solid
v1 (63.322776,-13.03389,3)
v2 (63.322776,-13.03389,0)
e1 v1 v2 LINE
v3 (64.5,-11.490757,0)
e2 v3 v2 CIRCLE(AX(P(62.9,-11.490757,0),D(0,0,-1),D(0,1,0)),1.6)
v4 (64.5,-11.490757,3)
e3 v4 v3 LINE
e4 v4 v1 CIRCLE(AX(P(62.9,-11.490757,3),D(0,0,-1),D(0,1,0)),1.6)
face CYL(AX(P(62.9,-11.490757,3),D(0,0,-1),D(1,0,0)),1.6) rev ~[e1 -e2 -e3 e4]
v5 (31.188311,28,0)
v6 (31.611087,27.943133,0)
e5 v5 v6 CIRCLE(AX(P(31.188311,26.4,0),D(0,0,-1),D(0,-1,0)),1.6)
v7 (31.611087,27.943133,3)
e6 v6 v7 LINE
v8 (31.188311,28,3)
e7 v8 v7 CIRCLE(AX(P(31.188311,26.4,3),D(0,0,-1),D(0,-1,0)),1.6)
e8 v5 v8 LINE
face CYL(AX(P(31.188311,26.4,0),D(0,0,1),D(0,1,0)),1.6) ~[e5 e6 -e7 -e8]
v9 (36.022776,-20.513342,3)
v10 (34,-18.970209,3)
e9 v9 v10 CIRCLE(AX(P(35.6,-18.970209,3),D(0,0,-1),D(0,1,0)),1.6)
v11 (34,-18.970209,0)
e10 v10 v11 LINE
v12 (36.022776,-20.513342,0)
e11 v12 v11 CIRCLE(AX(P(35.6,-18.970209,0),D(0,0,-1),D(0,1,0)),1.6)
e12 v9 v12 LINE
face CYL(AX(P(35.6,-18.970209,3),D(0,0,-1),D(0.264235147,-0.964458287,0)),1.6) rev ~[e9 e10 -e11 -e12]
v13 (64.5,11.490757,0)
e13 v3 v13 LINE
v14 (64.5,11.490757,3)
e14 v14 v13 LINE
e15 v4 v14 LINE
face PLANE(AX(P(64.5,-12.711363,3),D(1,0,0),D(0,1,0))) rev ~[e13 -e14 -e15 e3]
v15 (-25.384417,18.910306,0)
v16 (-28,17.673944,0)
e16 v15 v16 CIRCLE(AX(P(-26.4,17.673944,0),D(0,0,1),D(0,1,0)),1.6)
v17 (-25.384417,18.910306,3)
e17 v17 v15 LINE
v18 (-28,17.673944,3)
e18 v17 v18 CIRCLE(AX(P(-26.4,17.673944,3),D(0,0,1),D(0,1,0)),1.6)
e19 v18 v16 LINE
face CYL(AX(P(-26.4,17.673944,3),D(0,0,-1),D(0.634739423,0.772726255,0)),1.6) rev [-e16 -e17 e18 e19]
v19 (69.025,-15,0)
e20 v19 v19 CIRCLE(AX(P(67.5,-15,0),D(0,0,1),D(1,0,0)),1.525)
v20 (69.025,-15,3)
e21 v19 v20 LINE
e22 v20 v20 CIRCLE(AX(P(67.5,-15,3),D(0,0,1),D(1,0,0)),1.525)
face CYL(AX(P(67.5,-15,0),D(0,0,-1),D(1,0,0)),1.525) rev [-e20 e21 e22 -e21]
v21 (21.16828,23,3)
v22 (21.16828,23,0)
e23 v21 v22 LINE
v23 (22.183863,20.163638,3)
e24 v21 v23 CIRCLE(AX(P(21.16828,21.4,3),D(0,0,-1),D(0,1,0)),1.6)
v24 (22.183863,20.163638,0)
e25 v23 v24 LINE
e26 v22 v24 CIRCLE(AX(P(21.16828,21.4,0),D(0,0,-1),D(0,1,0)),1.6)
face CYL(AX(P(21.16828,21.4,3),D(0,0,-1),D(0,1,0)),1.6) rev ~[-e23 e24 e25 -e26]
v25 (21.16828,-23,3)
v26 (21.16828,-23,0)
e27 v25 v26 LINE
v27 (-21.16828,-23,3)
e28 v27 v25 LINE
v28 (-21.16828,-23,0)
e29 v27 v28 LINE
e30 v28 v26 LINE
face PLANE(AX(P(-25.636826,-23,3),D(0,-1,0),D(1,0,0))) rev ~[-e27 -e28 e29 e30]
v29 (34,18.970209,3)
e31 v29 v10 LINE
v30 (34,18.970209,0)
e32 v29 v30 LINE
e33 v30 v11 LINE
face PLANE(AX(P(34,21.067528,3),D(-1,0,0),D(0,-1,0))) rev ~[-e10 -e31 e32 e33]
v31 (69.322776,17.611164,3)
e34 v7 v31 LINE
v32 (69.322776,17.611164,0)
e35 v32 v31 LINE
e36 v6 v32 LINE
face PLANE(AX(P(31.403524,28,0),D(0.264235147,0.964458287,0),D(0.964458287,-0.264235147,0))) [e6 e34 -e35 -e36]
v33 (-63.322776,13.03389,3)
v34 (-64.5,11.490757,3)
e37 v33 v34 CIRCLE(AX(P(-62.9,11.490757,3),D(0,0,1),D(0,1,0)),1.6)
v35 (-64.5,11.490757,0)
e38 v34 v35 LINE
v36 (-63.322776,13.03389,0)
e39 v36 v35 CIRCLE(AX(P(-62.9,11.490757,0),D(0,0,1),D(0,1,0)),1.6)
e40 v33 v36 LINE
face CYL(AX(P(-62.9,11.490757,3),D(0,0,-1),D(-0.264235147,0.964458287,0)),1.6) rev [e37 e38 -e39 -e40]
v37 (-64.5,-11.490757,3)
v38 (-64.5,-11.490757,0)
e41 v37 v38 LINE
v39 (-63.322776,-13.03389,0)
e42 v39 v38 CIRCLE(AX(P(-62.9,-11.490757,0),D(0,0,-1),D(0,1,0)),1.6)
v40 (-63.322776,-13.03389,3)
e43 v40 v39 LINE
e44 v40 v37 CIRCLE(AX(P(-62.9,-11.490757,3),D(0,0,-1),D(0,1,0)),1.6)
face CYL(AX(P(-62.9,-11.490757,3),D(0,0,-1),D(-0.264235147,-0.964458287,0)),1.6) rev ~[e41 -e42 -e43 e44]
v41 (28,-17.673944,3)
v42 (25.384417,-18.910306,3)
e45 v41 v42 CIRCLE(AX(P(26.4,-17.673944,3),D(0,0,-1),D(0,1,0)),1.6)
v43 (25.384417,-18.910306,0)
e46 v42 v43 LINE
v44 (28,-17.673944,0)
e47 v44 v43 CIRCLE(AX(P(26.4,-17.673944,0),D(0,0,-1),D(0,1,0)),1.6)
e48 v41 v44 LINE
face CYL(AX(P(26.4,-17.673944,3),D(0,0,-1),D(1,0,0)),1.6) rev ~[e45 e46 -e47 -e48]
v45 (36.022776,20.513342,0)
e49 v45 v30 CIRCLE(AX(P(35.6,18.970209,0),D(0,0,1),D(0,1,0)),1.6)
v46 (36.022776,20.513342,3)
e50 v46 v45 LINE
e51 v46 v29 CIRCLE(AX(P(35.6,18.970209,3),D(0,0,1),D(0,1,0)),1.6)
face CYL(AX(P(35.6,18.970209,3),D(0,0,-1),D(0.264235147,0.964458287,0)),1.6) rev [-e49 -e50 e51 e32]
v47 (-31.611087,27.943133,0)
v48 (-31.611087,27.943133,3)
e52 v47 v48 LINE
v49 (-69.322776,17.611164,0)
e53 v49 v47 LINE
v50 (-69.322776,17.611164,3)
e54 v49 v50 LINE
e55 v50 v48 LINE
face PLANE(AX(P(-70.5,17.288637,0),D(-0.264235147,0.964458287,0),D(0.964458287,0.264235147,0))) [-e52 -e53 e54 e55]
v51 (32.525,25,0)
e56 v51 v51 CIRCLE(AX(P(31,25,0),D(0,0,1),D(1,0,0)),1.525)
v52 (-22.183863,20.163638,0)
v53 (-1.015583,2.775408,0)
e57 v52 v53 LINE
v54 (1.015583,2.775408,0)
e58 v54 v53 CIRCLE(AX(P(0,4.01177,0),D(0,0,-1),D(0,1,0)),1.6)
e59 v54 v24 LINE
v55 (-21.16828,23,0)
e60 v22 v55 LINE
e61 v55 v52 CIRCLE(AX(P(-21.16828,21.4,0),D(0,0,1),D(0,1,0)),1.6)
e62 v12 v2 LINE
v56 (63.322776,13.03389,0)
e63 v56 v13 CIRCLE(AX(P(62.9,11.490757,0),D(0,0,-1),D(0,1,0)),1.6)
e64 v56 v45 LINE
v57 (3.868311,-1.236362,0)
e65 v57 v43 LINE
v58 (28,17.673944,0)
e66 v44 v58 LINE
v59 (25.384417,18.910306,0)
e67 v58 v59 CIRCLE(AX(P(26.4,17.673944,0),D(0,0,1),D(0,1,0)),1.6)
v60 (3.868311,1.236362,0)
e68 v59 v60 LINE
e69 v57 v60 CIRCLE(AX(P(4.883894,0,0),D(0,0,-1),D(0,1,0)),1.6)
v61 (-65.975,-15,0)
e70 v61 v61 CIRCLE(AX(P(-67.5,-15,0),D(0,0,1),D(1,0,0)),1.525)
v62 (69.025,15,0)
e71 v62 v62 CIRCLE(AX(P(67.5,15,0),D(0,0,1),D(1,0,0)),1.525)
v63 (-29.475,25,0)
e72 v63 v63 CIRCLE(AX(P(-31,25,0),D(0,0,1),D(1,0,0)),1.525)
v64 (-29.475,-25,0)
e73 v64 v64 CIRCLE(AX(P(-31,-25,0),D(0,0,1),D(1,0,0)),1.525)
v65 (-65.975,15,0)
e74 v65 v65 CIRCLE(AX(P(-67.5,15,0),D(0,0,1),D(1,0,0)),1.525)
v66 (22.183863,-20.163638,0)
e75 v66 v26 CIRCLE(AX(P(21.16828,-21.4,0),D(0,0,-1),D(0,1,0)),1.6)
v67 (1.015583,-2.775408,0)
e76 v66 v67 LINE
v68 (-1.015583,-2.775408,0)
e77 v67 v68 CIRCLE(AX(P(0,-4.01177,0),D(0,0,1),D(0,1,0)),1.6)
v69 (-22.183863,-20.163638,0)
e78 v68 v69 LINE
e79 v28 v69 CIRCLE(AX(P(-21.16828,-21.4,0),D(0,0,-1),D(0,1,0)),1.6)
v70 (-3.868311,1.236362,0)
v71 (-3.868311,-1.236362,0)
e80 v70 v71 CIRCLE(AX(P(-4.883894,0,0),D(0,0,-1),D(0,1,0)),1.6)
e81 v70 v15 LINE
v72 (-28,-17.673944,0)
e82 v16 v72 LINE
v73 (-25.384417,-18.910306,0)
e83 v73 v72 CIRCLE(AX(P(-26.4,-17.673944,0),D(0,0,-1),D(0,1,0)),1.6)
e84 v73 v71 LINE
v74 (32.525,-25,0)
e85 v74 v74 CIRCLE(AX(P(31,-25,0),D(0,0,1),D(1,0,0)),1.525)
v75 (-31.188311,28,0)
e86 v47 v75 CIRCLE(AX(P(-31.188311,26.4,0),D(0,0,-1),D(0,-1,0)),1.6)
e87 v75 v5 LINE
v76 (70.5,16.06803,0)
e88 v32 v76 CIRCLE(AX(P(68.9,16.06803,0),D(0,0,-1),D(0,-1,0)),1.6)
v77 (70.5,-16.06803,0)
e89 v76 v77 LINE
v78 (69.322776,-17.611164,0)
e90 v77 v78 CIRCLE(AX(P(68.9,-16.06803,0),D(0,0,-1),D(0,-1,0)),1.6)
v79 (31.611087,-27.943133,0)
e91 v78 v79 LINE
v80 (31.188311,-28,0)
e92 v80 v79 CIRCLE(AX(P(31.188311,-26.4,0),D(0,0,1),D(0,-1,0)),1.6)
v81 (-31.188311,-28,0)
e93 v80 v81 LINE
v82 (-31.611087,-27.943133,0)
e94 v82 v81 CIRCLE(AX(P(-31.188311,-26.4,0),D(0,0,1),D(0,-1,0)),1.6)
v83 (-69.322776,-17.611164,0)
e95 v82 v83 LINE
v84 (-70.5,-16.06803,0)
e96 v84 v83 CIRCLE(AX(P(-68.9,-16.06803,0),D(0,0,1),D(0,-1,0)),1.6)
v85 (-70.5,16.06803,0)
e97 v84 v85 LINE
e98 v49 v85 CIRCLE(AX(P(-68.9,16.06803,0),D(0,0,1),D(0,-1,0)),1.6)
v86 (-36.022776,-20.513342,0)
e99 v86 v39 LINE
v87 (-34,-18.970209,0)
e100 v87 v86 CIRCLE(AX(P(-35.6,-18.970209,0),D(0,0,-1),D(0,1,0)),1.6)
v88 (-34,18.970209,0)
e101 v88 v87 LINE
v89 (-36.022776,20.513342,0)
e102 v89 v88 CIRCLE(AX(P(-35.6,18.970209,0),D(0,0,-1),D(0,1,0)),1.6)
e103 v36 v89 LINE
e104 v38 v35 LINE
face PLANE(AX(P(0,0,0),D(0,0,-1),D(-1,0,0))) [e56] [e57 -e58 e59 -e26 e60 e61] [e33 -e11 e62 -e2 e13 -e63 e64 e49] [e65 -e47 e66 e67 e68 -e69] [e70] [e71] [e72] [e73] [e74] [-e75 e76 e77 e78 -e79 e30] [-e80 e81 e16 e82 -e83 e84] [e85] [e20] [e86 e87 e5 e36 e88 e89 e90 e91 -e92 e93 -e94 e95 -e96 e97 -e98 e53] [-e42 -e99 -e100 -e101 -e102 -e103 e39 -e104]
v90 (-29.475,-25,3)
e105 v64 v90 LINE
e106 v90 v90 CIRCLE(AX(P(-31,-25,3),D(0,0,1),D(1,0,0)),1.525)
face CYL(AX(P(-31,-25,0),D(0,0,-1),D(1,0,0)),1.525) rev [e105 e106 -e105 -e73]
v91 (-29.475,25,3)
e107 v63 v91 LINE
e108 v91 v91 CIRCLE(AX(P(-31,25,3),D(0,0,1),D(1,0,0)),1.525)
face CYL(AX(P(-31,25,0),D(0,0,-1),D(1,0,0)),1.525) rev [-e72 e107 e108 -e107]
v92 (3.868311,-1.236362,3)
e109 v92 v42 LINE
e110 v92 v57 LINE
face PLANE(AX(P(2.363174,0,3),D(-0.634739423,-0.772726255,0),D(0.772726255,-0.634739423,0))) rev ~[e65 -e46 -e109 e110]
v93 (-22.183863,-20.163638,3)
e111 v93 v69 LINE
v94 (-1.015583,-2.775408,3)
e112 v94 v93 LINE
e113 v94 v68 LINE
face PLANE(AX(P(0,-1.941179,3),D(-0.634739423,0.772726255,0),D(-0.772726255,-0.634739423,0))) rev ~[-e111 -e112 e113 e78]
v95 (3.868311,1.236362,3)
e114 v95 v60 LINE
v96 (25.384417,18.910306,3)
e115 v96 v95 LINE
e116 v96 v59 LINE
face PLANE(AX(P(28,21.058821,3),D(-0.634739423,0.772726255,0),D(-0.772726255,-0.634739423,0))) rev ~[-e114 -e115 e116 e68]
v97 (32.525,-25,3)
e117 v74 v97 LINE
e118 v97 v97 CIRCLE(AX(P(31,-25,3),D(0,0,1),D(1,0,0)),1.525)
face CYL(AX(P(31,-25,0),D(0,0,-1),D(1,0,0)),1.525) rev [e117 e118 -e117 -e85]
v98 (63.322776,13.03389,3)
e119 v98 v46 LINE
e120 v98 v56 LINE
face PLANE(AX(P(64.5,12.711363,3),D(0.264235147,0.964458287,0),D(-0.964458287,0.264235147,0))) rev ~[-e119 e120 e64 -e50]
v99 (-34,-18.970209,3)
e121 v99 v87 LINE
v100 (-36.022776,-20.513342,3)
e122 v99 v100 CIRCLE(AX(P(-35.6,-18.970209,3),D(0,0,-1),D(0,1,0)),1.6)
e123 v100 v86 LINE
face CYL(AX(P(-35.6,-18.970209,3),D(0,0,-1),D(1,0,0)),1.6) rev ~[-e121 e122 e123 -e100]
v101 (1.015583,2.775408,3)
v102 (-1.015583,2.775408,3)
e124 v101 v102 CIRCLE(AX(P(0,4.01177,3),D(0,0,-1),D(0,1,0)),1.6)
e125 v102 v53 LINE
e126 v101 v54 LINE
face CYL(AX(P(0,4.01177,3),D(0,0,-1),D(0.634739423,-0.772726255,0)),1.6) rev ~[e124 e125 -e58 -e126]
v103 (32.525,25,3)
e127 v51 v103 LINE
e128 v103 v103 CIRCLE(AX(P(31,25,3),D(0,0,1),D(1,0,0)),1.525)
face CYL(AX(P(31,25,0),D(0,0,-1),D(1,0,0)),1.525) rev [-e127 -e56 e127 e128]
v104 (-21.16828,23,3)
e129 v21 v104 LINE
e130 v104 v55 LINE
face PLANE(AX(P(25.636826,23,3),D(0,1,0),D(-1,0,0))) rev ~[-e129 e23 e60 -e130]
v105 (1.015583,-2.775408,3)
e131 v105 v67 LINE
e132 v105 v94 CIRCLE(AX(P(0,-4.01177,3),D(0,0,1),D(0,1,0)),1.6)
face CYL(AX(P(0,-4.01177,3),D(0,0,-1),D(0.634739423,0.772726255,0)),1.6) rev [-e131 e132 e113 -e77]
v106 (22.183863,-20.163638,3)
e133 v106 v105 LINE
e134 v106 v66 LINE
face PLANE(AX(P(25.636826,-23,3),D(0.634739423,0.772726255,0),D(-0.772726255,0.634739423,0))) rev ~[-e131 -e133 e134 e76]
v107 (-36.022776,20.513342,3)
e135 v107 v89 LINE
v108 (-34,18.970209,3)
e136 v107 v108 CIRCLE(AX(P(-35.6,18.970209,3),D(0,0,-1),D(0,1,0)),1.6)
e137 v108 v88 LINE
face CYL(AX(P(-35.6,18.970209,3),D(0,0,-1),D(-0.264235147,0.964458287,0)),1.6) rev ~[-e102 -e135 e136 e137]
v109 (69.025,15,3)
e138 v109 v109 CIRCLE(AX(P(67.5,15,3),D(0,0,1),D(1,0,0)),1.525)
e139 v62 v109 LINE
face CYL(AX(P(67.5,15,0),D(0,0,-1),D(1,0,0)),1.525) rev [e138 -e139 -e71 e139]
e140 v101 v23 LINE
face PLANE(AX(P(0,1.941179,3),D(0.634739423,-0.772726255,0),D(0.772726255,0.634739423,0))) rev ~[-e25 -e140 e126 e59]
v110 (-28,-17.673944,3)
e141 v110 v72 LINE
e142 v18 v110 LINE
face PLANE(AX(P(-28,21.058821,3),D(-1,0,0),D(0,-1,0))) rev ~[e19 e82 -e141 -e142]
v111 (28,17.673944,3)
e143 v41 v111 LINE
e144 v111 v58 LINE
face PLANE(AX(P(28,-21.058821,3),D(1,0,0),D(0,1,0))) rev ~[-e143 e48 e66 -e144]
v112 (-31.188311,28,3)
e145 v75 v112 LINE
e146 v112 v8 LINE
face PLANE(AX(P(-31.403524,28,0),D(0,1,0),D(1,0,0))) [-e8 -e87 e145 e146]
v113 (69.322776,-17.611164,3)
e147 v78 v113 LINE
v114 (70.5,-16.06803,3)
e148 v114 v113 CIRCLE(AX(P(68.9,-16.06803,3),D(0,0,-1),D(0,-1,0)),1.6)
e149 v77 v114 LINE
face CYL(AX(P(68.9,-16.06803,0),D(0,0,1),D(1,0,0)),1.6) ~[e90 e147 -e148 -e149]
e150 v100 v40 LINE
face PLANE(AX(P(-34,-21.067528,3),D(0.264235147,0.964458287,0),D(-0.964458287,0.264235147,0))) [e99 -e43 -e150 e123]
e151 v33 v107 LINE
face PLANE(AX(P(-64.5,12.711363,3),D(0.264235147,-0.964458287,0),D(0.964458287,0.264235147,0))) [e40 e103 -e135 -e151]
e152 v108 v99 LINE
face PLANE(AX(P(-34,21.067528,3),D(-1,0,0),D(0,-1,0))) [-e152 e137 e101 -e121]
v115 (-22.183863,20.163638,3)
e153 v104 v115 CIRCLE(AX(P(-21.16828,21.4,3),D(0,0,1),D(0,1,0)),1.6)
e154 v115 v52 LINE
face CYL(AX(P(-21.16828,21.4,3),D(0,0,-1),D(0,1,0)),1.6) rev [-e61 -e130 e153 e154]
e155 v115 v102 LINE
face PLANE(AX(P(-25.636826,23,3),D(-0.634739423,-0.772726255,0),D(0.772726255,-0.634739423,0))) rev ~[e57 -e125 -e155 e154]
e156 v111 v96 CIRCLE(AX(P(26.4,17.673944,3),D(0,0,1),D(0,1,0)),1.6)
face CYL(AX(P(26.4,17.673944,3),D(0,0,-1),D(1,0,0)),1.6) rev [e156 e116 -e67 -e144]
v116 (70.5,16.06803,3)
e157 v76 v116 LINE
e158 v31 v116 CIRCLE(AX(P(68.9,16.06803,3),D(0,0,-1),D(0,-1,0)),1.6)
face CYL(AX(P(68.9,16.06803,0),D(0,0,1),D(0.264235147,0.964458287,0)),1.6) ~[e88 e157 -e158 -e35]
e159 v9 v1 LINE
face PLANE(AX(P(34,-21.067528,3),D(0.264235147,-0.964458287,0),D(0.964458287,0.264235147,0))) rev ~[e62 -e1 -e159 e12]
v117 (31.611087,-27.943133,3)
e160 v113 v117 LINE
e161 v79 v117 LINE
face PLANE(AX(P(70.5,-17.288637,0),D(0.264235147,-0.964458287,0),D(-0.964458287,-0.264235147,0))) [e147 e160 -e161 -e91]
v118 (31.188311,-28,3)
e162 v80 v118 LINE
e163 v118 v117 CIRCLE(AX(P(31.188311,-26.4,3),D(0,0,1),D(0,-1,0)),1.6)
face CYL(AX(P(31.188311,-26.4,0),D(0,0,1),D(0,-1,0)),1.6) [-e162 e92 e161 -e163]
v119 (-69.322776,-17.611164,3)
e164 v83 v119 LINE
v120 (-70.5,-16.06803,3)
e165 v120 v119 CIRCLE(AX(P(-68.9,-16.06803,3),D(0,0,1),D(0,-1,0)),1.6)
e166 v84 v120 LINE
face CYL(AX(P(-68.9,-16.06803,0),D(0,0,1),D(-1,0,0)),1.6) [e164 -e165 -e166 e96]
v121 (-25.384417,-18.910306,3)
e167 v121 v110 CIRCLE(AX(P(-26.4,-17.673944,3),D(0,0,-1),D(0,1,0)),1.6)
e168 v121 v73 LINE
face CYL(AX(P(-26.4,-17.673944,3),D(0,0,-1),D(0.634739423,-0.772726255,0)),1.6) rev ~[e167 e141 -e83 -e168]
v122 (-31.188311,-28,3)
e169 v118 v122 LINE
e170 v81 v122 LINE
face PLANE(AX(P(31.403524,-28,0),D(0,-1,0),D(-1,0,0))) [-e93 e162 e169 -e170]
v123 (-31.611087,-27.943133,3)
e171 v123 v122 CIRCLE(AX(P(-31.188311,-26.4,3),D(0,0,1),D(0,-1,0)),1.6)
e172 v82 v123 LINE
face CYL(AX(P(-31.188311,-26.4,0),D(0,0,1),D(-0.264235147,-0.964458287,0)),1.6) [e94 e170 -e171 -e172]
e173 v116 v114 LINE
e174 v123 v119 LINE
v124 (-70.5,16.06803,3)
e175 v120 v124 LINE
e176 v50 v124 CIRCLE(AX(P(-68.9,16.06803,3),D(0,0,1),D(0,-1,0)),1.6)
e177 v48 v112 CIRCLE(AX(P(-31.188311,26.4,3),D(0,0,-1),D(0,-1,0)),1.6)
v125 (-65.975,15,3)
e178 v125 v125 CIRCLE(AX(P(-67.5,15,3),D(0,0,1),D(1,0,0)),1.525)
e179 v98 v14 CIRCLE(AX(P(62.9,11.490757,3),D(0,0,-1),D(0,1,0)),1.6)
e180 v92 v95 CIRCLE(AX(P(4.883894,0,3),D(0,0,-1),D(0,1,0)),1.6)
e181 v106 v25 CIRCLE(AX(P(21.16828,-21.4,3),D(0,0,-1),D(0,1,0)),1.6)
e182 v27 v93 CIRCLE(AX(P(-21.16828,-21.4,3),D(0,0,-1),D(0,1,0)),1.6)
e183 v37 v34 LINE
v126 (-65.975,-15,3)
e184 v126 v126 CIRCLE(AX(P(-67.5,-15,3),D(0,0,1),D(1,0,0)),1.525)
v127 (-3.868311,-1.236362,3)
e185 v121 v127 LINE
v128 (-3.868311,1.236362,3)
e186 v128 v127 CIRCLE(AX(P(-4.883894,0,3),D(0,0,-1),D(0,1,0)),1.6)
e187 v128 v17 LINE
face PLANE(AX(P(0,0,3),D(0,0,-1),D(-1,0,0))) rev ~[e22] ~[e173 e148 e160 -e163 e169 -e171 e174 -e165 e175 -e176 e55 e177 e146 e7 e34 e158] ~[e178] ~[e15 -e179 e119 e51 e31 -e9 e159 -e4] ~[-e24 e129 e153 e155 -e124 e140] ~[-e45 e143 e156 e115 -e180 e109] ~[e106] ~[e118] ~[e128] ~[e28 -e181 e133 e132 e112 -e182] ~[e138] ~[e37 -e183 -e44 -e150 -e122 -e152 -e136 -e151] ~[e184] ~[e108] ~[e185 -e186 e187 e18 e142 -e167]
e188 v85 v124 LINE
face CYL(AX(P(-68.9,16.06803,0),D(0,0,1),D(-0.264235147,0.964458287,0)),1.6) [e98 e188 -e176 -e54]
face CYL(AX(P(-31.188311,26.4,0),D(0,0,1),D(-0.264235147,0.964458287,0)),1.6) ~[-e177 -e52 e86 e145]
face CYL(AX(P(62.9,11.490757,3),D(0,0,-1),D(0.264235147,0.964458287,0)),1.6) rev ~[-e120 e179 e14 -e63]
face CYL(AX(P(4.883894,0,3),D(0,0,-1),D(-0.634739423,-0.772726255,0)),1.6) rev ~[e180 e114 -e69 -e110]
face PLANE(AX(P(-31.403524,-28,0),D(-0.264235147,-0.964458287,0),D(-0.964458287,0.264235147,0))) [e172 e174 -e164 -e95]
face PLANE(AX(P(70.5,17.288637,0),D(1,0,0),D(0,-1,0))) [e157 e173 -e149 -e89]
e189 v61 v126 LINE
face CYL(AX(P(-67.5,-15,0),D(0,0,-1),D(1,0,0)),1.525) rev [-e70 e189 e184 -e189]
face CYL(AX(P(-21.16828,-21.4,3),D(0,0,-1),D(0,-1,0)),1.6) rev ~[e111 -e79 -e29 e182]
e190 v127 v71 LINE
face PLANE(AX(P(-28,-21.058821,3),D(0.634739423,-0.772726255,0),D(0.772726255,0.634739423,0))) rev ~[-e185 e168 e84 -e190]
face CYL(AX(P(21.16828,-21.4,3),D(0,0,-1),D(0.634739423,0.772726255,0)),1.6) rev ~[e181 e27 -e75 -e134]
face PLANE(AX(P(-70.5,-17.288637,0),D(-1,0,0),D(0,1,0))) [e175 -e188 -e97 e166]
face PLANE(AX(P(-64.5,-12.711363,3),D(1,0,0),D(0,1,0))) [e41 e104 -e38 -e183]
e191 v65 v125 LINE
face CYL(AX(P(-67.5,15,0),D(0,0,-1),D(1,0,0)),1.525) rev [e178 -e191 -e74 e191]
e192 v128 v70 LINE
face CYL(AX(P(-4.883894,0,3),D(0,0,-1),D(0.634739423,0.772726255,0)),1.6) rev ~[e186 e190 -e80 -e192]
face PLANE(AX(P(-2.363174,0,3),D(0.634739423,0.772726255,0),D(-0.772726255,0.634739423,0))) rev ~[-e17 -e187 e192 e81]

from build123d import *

# Parameters (mm, degrees)
SKETCH_1_R          = 1.525
EXTRUDE_1_DEPTH     = 3
CUT_EXTRUDE_1_DEPTH = 3
CUT_EXTRUDE_2_DEPTH = 3
FILLET_1_R          = 1.6


with BuildPart() as part:
    # 草图1 → 凸台-拉伸1 (new body)
    with BuildSketch(Plane.XY):
        Polygon((-70.5, 17.288636625), (-31.403523682, 28), (31.403523682, 28), (70.5, 17.288636625), (70.5, -17.288636625), (31.403523682, -28), (-31.403523682, -28), (-70.5, -17.288636625), align=None)
        with Locations((31, 25)):
            Circle(SKETCH_1_R, mode=Mode.SUBTRACT)
        with Locations((-31, 25)):
            Circle(SKETCH_1_R, mode=Mode.SUBTRACT)
        with Locations((-31, -25)):
            Circle(SKETCH_1_R, mode=Mode.SUBTRACT)
        with Locations((31, -25)):
            Circle(SKETCH_1_R, mode=Mode.SUBTRACT)
        with Locations((-67.5, -15)):
            Circle(SKETCH_1_R, mode=Mode.SUBTRACT)
        with Locations((-67.5, 15)):
            Circle(SKETCH_1_R, mode=Mode.SUBTRACT)
        with Locations((67.5, 15)):
            Circle(SKETCH_1_R, mode=Mode.SUBTRACT)
        with Locations((67.5, -15)):
            Circle(SKETCH_1_R, mode=Mode.SUBTRACT)
    extrude(amount=EXTRUDE_1_DEPTH)

    # 草图2 → 切除-拉伸1 (cut)
    with BuildSketch(Plane.XY.offset(3)):
        Polygon((-28, 21.058820972), (-28, -21.058820972), (-2.363174469, 0), align=None)
        Polygon((0, -1.941179028), (-25.636825531, -23), (25.636825531, -23), align=None)
        Polygon((28, 21.058820972), (2.363174469, 0), (28, -21.058820972), align=None)
        Polygon((-25.636825531, 23), (0, 1.941179028), (25.636825531, 23), align=None)
    extrude(amount=-CUT_EXTRUDE_1_DEPTH, mode=Mode.SUBTRACT)

    # 草图3 → 切除-拉伸2 (cut)
    with BuildSketch(Plane.XY.offset(3)):
        Polygon((34, 21.067527758), (34, -21.067527758), (64.5, -12.711363375), (64.5, 12.711363375), align=None)
        Polygon((-64.5, 12.711363375), (-34, 21.067527758), (-34, -21.067527758), (-64.5, -12.711363375), align=None)
    extrude(amount=-CUT_EXTRUDE_2_DEPTH, mode=Mode.SUBTRACT)

    # 圆角1
    fillet_1_edges = [part.edges().sort_by_distance(p)[0] for p in [
        (34, 21.067527758, 1.5),
        (64.5, 12.711363375, 1.5),
        (64.5, -12.711363375, 1.5),
        (34, -21.067527758, 1.5),
        (-34, 21.067527758, 1.5),
        (-34, -21.067527758, 1.5),
        (-64.5, -12.711363375, 1.5),
        (-64.5, 12.711363375, 1.5),
        (-70.5, 17.288636625, 1.5),
        (-31.403523682, 28, 1.5),
        (31.403523682, 28, 1.5),
        (70.5, 17.288636625, 1.5),
        (70.5, -17.288636625, 1.5),
        (31.403523682, -28, 1.5),
        (-31.403523682, -28, 1.5),
        (-70.5, -17.288636625, 1.5),
        (2.363174469, 0, 1.5),
        (28, 21.058820972, 1.5),
        (28, -21.058820972, 1.5),
        (-25.636825531, -23, 1.5),
        (0, -1.941179028, 1.5),
        (25.636825531, -23, 1.5),
        (0, 1.941179028, 1.5),
        (-25.636825531, 23, 1.5),
        (25.636825531, 23, 1.5),
        (-28, -21.058820972, 1.5),
        (-28, 21.058820972, 1.5),
        (-2.363174469, 0, 1.5),
    ]]
    fillet(fillet_1_edges, radius=FILLET_1_R)


solid = part.part
